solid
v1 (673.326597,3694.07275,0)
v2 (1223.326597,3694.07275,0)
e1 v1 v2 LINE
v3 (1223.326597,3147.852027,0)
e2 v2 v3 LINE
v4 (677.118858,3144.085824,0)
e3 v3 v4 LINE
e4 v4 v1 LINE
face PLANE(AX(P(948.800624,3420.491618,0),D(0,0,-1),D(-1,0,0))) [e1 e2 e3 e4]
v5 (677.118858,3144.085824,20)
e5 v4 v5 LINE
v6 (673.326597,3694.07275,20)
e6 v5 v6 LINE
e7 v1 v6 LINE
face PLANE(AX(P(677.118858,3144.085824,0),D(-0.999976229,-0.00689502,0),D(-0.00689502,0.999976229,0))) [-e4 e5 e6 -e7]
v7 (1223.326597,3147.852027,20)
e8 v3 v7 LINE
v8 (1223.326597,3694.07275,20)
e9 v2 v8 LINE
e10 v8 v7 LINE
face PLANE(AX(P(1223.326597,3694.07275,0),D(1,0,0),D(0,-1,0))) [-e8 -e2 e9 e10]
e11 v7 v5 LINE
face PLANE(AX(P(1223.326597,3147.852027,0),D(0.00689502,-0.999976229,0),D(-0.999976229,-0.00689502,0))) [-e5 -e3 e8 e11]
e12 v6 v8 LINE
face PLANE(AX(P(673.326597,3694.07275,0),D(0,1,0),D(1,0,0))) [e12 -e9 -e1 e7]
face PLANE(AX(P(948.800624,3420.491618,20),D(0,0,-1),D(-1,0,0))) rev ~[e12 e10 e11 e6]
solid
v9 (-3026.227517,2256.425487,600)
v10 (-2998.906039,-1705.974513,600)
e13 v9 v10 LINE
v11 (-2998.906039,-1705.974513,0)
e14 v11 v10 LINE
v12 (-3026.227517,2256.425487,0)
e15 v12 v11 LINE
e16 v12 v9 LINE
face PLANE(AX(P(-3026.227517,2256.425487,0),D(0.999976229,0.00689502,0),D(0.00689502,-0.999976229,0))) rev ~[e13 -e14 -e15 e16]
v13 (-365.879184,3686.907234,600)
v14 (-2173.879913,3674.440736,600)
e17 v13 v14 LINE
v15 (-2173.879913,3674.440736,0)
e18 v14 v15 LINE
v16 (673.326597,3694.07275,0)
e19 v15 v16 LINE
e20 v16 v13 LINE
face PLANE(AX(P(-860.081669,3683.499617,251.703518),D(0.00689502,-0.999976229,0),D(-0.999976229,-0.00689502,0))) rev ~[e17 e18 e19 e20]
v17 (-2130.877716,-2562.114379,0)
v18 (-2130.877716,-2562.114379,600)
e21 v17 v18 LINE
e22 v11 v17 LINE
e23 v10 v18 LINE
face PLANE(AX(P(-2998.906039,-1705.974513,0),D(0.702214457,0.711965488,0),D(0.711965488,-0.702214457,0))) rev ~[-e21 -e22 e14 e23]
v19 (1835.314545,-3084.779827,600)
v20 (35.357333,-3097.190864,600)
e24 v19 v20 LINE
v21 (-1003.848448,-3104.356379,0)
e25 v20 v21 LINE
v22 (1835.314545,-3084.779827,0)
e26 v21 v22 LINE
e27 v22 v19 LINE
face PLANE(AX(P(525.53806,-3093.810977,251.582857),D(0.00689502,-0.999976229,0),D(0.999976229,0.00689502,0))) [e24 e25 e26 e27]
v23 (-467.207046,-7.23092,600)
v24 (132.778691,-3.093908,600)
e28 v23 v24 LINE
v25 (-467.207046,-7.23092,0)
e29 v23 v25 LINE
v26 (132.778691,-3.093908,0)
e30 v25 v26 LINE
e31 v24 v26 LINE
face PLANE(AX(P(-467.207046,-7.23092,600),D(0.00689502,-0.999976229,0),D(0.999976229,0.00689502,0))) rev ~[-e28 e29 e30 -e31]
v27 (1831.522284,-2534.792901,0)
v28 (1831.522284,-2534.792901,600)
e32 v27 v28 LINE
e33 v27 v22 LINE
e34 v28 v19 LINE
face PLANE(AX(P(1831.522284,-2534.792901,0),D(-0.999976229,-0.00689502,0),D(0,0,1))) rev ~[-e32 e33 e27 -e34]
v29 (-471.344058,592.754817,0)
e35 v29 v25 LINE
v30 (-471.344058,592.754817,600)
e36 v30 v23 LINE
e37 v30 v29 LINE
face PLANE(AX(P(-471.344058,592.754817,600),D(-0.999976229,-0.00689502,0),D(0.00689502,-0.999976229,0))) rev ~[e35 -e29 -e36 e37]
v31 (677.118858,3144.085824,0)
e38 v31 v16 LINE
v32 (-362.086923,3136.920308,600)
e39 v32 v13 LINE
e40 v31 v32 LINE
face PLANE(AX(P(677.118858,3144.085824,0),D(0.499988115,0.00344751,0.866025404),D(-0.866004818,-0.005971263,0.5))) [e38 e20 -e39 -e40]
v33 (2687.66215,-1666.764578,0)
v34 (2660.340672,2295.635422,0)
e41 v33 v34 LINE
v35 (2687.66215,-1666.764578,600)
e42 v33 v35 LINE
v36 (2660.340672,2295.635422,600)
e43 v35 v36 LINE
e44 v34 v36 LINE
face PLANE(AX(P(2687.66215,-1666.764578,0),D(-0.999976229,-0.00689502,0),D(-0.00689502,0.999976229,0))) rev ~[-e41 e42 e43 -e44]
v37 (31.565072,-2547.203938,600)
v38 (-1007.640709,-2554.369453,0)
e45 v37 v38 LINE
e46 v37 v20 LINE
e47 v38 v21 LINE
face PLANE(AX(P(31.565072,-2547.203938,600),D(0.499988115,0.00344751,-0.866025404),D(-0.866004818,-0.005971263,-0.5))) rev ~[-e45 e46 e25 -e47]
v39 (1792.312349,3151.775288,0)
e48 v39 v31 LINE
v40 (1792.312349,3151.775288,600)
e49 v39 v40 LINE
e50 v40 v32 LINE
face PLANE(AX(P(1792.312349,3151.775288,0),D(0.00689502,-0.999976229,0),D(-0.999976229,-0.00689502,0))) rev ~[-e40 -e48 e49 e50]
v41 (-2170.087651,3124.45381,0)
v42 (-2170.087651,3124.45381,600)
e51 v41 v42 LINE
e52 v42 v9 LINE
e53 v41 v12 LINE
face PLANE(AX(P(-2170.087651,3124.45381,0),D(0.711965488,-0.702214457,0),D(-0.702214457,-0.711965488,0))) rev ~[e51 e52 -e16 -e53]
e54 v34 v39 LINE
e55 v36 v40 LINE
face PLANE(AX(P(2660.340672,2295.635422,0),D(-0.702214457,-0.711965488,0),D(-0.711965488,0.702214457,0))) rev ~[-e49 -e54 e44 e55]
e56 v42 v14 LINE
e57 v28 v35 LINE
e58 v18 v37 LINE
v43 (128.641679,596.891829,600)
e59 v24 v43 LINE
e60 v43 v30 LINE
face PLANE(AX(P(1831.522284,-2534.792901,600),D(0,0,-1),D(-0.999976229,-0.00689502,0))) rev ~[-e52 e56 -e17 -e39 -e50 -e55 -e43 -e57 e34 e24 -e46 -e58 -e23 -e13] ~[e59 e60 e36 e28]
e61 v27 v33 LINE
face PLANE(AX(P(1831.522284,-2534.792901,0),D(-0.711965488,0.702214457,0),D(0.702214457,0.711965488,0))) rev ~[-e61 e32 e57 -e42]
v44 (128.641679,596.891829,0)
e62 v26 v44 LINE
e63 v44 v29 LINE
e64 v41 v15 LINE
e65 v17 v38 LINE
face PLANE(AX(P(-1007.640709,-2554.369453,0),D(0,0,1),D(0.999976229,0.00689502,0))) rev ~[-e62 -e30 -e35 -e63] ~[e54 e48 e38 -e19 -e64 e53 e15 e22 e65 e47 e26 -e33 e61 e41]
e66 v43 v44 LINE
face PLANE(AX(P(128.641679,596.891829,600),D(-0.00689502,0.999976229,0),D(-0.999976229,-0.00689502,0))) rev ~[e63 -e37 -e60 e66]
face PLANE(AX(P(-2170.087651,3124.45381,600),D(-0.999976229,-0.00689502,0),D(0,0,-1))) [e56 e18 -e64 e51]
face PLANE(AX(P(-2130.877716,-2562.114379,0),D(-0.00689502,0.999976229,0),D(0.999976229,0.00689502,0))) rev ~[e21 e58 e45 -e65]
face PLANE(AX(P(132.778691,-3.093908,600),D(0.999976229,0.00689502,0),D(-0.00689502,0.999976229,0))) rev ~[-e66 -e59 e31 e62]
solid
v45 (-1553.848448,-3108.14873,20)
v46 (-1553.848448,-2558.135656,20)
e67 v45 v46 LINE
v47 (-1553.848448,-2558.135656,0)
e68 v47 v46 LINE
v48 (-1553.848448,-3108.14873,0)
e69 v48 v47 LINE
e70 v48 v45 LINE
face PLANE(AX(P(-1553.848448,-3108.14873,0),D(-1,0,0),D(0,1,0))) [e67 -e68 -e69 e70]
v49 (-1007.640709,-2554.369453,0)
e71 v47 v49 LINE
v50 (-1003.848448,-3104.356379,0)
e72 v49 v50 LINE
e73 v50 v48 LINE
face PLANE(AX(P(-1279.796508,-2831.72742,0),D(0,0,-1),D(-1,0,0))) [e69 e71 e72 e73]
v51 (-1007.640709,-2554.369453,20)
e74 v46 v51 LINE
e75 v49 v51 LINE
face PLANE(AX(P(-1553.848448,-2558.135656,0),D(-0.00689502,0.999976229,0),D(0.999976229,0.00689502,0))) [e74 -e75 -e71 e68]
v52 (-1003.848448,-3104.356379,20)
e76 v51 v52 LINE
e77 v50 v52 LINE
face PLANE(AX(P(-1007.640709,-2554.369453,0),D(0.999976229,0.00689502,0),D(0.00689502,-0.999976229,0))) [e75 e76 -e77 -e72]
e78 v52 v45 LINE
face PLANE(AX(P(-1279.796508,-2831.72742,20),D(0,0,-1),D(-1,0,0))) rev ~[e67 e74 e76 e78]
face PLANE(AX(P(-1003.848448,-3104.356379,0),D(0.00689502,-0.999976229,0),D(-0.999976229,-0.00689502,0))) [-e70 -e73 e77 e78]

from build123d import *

# Parameters (mm, degrees)
BOSS_EXTRUDE1_DEPTH    = 600
BOSS_EXTRUDE2_DEPTH    = 550
BOSS_EXTRUDE4_DEPTH    = 550
BOSS_EXTRUDE15_DEPTH   = 20
BOSS_EXTRUDE15_2_DEPTH = 20
CUT_EXTRUDE1_DEPTH     = 1000


with BuildPart() as part:
    # Sketch6 → Boss-Extrude1 (new body)
    with BuildSketch(Plane.XY):
        Polygon((2687.662150109, -1666.76457761), (2660.34067182, 2295.63542239), (1792.312348512, 3151.775288262), (-2170.087651488, 3124.453809972), (-3026.22751736, 2256.425486664), (-2998.906039071, -1705.974513336), (-2130.877715762, -2562.114379207), (1831.522284238, -2534.792900918), align=None)
    extrude(amount=BOSS_EXTRUDE1_DEPTH)

    # Sketch7 → Boss-Extrude2 (add)
    with BuildSketch(Plane(origin=(-21.645829458, 3139.267712303, 0), x_dir=(0.9999762290643144, 0.0068950203998148505, 0), z_dir=(-0.0068950203998148505, 0.9999762290643144, 0))):
        Polygon((698.781298478, 0), (-340.449186063, -600), (-2148.492893716, -600), (-2148.492893716, 0), align=None)
    extrude(amount=BOSS_EXTRUDE2_DEPTH)

    # Sketch10 → Boss-Extrude4 (add)
    with BuildSketch(Plane(origin=(17.564106268, -2547.300476876, 0), x_dir=(0.9999762290643144, 0.006895020399814854, 0), z_dir=(0.006895020399814854, -0.9999762290643144, 0))):
        Polygon((1814.001298478, 600), (14.001298478, 600), (-1025.229186063, 0), (1814.001298478, 0), align=None)
    extrude(amount=BOSS_EXTRUDE4_DEPTH)

    # Sketch22 → Cut-Extrude1 (cut)
    with BuildSketch(Plane.XY.offset(600)):
        Polygon((128.641678954, 596.891829386), (-471.344058485, 592.754817146), (-467.207046245, -7.230920292), (132.778691194, -3.093908052), align=None)
    extrude(amount=-CUT_EXTRUDE1_DEPTH, mode=Mode.SUBTRACT)


with BuildPart() as body_2:
    # Sketch18 → Boss-Extrude15 (new body)
    with BuildSketch(Plane(origin=(0, 0, 0), x_dir=(-1, 0, 0), z_dir=(0, 0, -1))):
        Polygon((-677.118858334, 3144.085823612), (-673.326597115, 3694.072749597), (-1223.326597115, 3694.072749597), (-1223.326597115, 3147.852026639), align=None)
    extrude(amount=-BOSS_EXTRUDE15_DEPTH)


with BuildPart() as body_3:
    # Sketch18 → Boss-Extrude15 2 (new body)
    with BuildSketch(Plane(origin=(0, 0, 0), x_dir=(-1, 0, 0), z_dir=(0, 0, -1))):
        Polygon((1007.640709138, -2554.369453029), (1003.848447918, -3104.356379014), (1553.848447918, -3108.148730382), (1553.848447918, -2558.135656056), align=None)
    extrude(amount=-BOSS_EXTRUDE15_2_DEPTH)


solid = Compound([part.part, body_2.part, body_3.part])
